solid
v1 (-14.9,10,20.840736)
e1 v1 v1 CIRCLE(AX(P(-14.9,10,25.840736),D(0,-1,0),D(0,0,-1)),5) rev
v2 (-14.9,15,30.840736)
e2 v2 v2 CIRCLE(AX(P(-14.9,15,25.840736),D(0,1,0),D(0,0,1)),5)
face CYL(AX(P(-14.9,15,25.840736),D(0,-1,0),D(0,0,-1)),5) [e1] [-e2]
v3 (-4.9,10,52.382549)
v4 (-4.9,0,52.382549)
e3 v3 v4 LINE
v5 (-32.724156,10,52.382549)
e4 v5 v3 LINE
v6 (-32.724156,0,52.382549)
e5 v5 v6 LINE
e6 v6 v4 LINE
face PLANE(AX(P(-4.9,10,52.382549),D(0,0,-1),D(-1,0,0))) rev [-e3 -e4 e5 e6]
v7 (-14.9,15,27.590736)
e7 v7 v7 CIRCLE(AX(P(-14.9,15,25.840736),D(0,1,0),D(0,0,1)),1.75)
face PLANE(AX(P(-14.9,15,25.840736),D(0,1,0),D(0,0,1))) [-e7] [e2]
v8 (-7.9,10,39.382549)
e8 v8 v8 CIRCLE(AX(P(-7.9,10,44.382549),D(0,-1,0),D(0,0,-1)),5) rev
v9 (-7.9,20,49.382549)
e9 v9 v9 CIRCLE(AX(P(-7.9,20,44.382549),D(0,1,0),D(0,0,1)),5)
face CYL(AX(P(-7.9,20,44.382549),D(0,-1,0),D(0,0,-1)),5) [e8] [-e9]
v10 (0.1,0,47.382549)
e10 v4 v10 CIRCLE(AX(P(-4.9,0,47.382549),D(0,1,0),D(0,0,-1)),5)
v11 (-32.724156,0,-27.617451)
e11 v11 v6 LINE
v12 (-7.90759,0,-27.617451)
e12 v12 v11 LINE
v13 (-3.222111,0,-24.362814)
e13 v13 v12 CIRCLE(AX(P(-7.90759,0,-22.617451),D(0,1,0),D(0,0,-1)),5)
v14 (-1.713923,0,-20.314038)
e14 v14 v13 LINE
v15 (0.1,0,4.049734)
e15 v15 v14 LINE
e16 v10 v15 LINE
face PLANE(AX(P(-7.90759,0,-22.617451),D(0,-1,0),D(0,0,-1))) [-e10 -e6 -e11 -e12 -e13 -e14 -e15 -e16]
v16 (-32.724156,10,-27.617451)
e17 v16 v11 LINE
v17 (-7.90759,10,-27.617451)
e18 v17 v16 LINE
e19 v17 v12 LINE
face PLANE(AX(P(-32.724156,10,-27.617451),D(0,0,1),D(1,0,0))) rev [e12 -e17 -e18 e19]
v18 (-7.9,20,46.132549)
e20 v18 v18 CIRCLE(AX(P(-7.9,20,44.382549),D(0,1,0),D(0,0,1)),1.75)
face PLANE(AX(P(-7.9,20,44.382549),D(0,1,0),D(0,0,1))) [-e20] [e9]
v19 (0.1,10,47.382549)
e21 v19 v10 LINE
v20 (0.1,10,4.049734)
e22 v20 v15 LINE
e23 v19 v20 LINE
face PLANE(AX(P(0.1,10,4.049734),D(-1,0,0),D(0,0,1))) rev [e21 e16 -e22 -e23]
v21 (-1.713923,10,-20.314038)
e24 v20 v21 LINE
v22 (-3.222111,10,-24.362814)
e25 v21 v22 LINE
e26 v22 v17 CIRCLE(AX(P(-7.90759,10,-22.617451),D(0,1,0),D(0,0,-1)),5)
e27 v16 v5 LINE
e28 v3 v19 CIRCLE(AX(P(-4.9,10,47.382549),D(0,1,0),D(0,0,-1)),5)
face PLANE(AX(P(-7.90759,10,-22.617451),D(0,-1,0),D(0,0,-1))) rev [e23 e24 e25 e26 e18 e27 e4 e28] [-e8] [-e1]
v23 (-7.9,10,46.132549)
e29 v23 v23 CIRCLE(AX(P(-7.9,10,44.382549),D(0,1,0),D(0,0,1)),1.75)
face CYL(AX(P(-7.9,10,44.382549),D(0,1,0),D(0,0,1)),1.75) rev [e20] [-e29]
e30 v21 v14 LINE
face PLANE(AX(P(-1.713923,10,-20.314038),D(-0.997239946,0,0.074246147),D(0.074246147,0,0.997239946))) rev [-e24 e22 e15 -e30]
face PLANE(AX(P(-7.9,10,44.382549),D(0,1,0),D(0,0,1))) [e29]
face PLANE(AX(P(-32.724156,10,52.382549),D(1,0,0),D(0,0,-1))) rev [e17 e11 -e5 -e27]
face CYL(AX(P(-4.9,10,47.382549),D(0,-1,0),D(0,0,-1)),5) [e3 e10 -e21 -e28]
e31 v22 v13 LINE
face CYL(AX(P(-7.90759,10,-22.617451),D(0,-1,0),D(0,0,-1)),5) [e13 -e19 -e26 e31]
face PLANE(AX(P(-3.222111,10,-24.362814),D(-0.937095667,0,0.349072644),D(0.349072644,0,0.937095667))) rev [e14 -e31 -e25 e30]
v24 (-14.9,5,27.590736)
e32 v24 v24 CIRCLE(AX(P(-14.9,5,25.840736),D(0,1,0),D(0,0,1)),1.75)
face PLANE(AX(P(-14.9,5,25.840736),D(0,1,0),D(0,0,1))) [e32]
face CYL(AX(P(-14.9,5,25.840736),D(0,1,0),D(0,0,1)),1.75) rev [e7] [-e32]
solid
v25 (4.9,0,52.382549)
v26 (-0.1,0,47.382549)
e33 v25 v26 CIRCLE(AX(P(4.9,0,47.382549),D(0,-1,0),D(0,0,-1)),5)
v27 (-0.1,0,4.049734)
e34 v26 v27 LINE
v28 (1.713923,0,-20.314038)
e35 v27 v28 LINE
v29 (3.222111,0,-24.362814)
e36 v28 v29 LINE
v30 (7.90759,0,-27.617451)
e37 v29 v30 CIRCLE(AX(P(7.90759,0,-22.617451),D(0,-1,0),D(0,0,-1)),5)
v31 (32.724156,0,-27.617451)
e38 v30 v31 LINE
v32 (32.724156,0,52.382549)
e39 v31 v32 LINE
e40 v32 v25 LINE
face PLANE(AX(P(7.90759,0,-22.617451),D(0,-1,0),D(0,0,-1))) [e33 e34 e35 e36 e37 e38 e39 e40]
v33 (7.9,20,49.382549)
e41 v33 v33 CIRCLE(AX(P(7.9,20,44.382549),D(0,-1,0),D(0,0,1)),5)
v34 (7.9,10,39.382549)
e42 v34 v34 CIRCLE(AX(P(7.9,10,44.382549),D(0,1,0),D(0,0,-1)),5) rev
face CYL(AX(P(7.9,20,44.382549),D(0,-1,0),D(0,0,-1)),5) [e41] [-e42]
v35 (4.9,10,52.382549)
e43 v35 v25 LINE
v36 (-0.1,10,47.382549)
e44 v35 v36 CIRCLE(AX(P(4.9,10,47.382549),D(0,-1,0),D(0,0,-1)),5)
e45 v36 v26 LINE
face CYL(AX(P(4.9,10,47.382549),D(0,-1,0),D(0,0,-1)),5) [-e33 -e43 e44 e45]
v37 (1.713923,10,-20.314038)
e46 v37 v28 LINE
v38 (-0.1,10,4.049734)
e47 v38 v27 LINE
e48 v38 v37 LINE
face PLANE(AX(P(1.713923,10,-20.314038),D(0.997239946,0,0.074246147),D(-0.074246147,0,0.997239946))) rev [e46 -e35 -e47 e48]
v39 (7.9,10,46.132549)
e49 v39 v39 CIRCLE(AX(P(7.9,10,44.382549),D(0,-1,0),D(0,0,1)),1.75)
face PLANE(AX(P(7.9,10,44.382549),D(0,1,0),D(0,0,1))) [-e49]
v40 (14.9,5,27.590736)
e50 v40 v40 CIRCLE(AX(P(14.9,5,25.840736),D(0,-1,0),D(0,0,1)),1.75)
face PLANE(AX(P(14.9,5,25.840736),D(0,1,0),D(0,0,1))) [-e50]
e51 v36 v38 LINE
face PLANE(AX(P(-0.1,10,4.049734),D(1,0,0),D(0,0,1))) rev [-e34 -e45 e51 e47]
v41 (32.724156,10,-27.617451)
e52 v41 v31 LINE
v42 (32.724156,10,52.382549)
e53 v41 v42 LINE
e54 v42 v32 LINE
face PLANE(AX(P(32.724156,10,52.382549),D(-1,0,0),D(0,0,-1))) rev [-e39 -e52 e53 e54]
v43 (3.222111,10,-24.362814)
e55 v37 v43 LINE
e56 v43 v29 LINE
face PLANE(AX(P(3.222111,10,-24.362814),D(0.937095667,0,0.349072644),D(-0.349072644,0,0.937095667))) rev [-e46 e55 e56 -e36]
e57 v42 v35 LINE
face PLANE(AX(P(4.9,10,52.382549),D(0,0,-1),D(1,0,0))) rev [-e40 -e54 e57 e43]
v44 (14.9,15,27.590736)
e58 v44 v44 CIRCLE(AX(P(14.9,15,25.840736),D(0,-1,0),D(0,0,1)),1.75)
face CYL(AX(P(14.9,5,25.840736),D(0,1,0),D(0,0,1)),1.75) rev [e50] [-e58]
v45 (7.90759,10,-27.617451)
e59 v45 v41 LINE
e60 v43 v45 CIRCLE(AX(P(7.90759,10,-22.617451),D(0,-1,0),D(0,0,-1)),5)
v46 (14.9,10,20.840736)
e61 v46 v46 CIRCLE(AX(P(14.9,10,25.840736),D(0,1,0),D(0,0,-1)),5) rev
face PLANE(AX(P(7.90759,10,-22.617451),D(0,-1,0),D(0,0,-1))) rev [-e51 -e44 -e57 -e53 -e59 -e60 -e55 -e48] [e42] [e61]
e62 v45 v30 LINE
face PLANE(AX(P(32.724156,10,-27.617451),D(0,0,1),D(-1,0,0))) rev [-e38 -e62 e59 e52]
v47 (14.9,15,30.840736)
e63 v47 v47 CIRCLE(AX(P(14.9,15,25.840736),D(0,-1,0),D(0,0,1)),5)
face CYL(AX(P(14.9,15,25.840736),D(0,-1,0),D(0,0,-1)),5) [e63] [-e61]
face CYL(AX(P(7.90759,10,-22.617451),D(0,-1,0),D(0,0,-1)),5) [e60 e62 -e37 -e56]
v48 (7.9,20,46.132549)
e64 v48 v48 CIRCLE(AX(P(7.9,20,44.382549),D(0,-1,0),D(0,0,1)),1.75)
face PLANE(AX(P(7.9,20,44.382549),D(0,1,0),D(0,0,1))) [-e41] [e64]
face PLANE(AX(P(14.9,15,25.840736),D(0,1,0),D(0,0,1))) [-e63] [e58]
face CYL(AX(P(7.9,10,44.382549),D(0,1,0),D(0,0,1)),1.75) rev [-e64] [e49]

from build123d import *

# Parameters (mm, degrees)
BOSS_EXTRUDE1_DEPTH = 10
SKETCH2_R           = 5
BOSS_EXTRUDE2_DEPTH = 10
SKETCH3_R           = 5
BOSS_EXTRUDE3_DEPTH = 5
SKETCH4_R           = 1.75
CUT_EXTRUDE1_DEPTH  = 10
SKETCH5_R           = 1.75
CUT_EXTRUDE2_DEPTH  = 10


with BuildPart() as part:
    # Sketch1 → Boss-Extrude1 (new body)
    with BuildSketch(Plane(origin=(0, 0, 0), x_dir=(1, 0, 0), z_dir=(0, 1, 0))):
        with BuildLine():
            Line((-32.724156306, 27.617451147), (-7.907589804, 27.617451147))
            ThreePointArc((-7.907589804, 27.617451147), (-5.055118604, 26.723959158), (-3.222111469, 24.362814367))
            Line((-3.222111469, 24.362814367), (-1.713922655, 20.314037625))
            Line((-1.713922655, 20.314037625), (0.1, -4.04973357))
            Line((0.1, -4.04973357), (0.1, -47.382548853))
            ThreePointArc((0.1, -47.382548853), (-1.364466094, -50.918082759), (-4.9, -52.382548853))
            Line((-4.9, -52.382548853), (-32.724156306, -52.382548853))
            Line((-32.724156306, -52.382548853), (-32.724156306, 27.617451147))
        make_face()
    extrude(amount=BOSS_EXTRUDE1_DEPTH)

    # Sketch2 → Boss-Extrude2 (add)
    with BuildSketch(Plane(origin=(0, 10, 0), x_dir=(1, 0, 0), z_dir=(0, 1, 0))):
        with Locations((-7.9, -44.382548853)):
            Circle(SKETCH2_R)
    extrude(amount=BOSS_EXTRUDE2_DEPTH)

    # Sketch3 → Boss-Extrude3 (add)
    with BuildSketch(Plane(origin=(0, 10, 0), x_dir=(1, 0, 0), z_dir=(0, 1, 0))):
        with Locations((-14.9, -25.840736372)):
            Circle(SKETCH3_R)
    extrude(amount=BOSS_EXTRUDE3_DEPTH)

    # Sketch4 → Cut-Extrude1 (cut)
    with BuildSketch(Plane(origin=(0, 20, 0), x_dir=(1, 0, 0), z_dir=(0, 1, 0))):
        with Locations((-7.9, -44.382548853)):
            Circle(SKETCH4_R)
    extrude(amount=-CUT_EXTRUDE1_DEPTH, mode=Mode.SUBTRACT)

    # Sketch5 → Cut-Extrude2 (cut)
    with BuildSketch(Plane(origin=(0, 15, 0), x_dir=(1, 0, 0), z_dir=(0, 1, 0))):
        with Locations((-14.9, -25.840736372)):
            Circle(SKETCH5_R)
    extrude(amount=-CUT_EXTRUDE2_DEPTH, mode=Mode.SUBTRACT)


with BuildPart() as body_2:
    # Mirror4: mirrored copy
    add(part.part.mirror(Plane(origin=(0, 0, 0), x_dir=(0, 0, 1), z_dir=(1, 0, 0))))


solid = Compound([part.part, body_2.part])
